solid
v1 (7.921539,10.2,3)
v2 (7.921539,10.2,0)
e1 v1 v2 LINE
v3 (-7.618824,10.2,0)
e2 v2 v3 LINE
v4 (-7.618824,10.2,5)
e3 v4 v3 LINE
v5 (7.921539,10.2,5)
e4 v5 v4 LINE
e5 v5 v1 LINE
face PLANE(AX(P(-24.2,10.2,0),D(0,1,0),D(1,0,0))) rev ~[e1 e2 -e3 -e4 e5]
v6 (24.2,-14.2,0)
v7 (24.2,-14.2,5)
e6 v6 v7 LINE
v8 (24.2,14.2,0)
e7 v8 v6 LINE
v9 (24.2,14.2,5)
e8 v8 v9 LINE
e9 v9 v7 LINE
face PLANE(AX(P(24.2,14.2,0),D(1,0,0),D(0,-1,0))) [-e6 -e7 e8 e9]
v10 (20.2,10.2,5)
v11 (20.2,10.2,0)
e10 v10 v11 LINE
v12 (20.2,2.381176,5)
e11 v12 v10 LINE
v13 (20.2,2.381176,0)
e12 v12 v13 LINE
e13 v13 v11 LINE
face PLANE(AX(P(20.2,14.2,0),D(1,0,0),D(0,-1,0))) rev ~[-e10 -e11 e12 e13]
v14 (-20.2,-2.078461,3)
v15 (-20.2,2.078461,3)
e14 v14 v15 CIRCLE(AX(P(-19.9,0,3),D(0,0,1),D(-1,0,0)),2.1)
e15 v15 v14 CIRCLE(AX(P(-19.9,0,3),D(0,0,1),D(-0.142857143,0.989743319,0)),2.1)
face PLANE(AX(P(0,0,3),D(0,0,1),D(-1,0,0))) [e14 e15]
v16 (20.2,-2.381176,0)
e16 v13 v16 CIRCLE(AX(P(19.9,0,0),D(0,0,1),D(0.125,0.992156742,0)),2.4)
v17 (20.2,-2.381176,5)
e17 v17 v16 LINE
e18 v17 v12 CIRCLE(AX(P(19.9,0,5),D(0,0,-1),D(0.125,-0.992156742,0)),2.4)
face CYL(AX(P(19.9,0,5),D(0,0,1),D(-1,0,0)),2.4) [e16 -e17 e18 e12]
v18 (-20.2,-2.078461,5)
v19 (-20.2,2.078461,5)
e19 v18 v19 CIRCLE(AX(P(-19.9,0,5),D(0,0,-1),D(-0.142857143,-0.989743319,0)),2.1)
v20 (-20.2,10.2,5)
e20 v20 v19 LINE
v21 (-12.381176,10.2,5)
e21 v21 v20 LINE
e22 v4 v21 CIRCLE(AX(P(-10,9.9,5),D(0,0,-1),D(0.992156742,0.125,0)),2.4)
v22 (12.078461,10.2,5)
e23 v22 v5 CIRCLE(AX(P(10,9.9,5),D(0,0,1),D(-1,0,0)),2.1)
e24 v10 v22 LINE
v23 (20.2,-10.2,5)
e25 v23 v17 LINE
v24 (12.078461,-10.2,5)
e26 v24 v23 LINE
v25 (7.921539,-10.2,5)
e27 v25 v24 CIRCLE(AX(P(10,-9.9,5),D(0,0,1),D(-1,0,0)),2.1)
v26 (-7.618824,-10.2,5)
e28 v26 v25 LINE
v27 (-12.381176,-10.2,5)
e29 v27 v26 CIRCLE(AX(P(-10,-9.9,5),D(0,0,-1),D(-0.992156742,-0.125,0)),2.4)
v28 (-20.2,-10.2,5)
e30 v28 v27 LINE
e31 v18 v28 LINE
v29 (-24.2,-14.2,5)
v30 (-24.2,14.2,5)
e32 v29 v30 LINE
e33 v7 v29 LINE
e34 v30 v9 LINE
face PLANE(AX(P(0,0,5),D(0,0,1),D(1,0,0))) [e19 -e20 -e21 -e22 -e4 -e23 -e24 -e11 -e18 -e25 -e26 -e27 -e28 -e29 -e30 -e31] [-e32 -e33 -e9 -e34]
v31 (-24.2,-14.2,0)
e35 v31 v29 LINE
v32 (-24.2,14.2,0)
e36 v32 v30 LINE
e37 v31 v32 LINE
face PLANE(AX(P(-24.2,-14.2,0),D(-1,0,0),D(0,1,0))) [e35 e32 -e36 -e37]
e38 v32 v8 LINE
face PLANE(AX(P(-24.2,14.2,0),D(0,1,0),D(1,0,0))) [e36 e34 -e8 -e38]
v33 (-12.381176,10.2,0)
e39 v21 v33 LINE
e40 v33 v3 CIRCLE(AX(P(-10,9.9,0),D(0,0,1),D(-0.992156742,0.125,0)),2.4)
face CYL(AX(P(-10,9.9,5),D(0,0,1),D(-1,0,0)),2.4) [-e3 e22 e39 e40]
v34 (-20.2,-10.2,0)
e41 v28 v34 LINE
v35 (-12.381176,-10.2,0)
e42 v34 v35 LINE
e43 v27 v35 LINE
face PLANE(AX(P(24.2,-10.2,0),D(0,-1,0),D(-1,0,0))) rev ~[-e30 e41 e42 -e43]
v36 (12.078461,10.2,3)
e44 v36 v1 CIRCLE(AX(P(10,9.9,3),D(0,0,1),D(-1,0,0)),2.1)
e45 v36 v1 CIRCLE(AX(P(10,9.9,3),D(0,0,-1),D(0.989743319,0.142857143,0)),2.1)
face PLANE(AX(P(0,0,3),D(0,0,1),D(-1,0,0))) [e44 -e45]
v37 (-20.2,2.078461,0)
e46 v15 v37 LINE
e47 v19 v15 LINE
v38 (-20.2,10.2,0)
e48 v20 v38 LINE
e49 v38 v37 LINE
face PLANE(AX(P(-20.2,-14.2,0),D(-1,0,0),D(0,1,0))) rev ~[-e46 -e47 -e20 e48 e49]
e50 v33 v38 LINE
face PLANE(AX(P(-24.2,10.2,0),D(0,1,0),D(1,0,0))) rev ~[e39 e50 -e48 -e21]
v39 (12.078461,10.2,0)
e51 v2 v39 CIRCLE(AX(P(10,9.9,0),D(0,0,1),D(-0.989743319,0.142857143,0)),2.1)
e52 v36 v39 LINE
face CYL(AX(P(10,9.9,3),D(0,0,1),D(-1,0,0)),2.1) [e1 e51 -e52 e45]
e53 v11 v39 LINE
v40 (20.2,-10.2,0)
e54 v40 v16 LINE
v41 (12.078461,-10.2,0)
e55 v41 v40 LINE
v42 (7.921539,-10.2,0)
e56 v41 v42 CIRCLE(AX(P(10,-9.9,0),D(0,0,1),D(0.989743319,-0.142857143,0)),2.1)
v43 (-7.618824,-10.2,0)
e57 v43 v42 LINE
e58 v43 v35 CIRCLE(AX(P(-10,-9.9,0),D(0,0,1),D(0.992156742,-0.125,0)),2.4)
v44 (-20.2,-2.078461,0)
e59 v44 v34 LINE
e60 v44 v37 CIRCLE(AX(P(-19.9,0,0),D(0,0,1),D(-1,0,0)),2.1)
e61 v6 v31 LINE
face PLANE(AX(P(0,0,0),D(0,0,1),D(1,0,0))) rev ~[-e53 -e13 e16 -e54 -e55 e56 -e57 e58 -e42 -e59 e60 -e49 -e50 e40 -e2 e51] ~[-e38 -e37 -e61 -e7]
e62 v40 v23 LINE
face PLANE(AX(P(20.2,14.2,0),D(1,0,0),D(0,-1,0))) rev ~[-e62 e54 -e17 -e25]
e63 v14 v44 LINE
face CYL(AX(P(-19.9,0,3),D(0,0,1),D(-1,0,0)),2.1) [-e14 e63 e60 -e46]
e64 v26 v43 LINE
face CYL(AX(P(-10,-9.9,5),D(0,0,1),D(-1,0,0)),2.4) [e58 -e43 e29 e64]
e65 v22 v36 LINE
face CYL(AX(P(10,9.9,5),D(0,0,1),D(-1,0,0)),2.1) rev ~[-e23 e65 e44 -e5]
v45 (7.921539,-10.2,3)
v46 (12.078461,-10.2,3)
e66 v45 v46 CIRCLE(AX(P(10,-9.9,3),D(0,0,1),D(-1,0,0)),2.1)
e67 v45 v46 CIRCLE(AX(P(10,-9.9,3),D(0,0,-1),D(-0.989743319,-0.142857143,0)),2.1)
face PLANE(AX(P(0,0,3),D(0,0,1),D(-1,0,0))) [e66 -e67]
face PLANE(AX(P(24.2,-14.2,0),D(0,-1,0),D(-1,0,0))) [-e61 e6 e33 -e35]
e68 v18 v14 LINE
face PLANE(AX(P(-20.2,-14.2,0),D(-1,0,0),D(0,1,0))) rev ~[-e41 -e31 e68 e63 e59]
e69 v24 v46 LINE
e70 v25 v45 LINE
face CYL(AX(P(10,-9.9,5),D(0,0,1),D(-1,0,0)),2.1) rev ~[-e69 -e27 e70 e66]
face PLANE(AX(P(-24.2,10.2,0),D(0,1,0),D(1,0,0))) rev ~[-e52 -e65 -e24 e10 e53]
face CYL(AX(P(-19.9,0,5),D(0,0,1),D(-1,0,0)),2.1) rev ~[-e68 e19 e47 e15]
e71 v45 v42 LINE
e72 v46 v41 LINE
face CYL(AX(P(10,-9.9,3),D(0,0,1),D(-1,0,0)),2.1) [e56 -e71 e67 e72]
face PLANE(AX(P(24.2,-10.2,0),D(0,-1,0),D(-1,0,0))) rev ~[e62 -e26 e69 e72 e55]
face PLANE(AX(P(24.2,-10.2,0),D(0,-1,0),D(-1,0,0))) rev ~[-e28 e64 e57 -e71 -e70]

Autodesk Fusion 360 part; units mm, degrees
sketch "Sketch1" plane through (0, 0, 0) normal (0, 0, 1) x (1, 0, 0)
  line L0 (24.2, -14.2) -> (-24.2, -14.2)
  line L1 (-24.2, -14.2) -> (-24.2, 14.2)
  line L2 (-24.2, 14.2) -> (24.2, 14.2)
  line L3 (24.2, 14.2) -> (24.2, -14.2)
  line L4 (24.2, -14.2) -> (-24.2, 14.2) construction
  line L5 (-24.2, -14.2) -> (24.2, 14.2) construction
  dimension "d1" = 48.4
  dimension "d2" = 28.4
extrude "Extrude1" add sketch "Sketch1" along normal blind 5
shell "Shell1" thickness 4 removed faces 2 at (-8.0667, -4.7333, 5) at (-8.0667, -4.7333, 0)
sketch "Sketch2" plane through (0, 0, 5) normal (0, 0, 1) x (-1, 0, 0)
  line L0 (-20.2, -10.2) -> (-20.2, 10.2)
  line L1 (-20.2, 10.2) -> (20.2, 10.2)
  line L2 (20.2, 10.2) -> (20.2, -10.2)
  line L3 (20.2, -10.2) -> (-20.2, -10.2)
  line L4 (-24.2, -14.2) -> (24.2, -14.2)
  line L5 (24.2, -14.2) -> (24.2, 14.2)
  line L6 (24.2, 14.2) -> (-24.2, 14.2)
  line L7 (-24.2, 14.2) -> (-24.2, -14.2)
  circle A0 centre (19.9, 0) radius 2.1
  circle A1 centre (10, -9.9) radius 2.4
  circle A2 centre (-10, -9.9) radius 2.1
  circle A3 centre (-19.9, 0) radius 2.4
  line L8 (-20.2, 0) -> (20.2, 0) construction
  line L9 (0, -10.2) -> (0, 10.2) construction
  circle A4 centre (-10, 9.9) radius 2.1
  circle A5 centre (10, 9.9) radius 2.4
  dimension "d6" = 4.2
  dimension "d7" = 0.3
  dimension "d8" = 4.8
  dimension "d9" = 0.3
  dimension "d11" = 4.2
  dimension "d12" = 0.3
  dimension "d14" = 4.8
  dimension "d15" = 0.3
  dimension "d16" = 10
  dimension "d17" = 10
  dimension "d18" = 4.2
  dimension "d19" = 0.3
  dimension "d20" = 10
  dimension "d21" = 4.8
  dimension "d22" = 10
  dimension "d23" = 0.3
extrude "Extrude2" add sketch "Sketch2" against normal blind 5 contours L0 A3 | L3 A1 | L1 A5 picked at (-19.3318, 0.2231) picked at (10.663, -9.6523) picked at (10.9063, 9.3029)
extrude "Extrude3" cut sketch "Sketch2" against normal blind 2 contours L3 A2 | L1 A4 | L2 A0 picked at (-9.6779, -10.88) picked at (-10.1971, 10.7717) picked at (20.7929, -0.0996)
extrude "Extrude4" add sketch "Sketch2" against normal blind 3 from surface at -2 contours L3 A2 | L1 A4 | L2 A0 picked at (-9.4862, -9.6246) picked at (-9.7428, 9.449) picked at (19.4174, -0.1552)
